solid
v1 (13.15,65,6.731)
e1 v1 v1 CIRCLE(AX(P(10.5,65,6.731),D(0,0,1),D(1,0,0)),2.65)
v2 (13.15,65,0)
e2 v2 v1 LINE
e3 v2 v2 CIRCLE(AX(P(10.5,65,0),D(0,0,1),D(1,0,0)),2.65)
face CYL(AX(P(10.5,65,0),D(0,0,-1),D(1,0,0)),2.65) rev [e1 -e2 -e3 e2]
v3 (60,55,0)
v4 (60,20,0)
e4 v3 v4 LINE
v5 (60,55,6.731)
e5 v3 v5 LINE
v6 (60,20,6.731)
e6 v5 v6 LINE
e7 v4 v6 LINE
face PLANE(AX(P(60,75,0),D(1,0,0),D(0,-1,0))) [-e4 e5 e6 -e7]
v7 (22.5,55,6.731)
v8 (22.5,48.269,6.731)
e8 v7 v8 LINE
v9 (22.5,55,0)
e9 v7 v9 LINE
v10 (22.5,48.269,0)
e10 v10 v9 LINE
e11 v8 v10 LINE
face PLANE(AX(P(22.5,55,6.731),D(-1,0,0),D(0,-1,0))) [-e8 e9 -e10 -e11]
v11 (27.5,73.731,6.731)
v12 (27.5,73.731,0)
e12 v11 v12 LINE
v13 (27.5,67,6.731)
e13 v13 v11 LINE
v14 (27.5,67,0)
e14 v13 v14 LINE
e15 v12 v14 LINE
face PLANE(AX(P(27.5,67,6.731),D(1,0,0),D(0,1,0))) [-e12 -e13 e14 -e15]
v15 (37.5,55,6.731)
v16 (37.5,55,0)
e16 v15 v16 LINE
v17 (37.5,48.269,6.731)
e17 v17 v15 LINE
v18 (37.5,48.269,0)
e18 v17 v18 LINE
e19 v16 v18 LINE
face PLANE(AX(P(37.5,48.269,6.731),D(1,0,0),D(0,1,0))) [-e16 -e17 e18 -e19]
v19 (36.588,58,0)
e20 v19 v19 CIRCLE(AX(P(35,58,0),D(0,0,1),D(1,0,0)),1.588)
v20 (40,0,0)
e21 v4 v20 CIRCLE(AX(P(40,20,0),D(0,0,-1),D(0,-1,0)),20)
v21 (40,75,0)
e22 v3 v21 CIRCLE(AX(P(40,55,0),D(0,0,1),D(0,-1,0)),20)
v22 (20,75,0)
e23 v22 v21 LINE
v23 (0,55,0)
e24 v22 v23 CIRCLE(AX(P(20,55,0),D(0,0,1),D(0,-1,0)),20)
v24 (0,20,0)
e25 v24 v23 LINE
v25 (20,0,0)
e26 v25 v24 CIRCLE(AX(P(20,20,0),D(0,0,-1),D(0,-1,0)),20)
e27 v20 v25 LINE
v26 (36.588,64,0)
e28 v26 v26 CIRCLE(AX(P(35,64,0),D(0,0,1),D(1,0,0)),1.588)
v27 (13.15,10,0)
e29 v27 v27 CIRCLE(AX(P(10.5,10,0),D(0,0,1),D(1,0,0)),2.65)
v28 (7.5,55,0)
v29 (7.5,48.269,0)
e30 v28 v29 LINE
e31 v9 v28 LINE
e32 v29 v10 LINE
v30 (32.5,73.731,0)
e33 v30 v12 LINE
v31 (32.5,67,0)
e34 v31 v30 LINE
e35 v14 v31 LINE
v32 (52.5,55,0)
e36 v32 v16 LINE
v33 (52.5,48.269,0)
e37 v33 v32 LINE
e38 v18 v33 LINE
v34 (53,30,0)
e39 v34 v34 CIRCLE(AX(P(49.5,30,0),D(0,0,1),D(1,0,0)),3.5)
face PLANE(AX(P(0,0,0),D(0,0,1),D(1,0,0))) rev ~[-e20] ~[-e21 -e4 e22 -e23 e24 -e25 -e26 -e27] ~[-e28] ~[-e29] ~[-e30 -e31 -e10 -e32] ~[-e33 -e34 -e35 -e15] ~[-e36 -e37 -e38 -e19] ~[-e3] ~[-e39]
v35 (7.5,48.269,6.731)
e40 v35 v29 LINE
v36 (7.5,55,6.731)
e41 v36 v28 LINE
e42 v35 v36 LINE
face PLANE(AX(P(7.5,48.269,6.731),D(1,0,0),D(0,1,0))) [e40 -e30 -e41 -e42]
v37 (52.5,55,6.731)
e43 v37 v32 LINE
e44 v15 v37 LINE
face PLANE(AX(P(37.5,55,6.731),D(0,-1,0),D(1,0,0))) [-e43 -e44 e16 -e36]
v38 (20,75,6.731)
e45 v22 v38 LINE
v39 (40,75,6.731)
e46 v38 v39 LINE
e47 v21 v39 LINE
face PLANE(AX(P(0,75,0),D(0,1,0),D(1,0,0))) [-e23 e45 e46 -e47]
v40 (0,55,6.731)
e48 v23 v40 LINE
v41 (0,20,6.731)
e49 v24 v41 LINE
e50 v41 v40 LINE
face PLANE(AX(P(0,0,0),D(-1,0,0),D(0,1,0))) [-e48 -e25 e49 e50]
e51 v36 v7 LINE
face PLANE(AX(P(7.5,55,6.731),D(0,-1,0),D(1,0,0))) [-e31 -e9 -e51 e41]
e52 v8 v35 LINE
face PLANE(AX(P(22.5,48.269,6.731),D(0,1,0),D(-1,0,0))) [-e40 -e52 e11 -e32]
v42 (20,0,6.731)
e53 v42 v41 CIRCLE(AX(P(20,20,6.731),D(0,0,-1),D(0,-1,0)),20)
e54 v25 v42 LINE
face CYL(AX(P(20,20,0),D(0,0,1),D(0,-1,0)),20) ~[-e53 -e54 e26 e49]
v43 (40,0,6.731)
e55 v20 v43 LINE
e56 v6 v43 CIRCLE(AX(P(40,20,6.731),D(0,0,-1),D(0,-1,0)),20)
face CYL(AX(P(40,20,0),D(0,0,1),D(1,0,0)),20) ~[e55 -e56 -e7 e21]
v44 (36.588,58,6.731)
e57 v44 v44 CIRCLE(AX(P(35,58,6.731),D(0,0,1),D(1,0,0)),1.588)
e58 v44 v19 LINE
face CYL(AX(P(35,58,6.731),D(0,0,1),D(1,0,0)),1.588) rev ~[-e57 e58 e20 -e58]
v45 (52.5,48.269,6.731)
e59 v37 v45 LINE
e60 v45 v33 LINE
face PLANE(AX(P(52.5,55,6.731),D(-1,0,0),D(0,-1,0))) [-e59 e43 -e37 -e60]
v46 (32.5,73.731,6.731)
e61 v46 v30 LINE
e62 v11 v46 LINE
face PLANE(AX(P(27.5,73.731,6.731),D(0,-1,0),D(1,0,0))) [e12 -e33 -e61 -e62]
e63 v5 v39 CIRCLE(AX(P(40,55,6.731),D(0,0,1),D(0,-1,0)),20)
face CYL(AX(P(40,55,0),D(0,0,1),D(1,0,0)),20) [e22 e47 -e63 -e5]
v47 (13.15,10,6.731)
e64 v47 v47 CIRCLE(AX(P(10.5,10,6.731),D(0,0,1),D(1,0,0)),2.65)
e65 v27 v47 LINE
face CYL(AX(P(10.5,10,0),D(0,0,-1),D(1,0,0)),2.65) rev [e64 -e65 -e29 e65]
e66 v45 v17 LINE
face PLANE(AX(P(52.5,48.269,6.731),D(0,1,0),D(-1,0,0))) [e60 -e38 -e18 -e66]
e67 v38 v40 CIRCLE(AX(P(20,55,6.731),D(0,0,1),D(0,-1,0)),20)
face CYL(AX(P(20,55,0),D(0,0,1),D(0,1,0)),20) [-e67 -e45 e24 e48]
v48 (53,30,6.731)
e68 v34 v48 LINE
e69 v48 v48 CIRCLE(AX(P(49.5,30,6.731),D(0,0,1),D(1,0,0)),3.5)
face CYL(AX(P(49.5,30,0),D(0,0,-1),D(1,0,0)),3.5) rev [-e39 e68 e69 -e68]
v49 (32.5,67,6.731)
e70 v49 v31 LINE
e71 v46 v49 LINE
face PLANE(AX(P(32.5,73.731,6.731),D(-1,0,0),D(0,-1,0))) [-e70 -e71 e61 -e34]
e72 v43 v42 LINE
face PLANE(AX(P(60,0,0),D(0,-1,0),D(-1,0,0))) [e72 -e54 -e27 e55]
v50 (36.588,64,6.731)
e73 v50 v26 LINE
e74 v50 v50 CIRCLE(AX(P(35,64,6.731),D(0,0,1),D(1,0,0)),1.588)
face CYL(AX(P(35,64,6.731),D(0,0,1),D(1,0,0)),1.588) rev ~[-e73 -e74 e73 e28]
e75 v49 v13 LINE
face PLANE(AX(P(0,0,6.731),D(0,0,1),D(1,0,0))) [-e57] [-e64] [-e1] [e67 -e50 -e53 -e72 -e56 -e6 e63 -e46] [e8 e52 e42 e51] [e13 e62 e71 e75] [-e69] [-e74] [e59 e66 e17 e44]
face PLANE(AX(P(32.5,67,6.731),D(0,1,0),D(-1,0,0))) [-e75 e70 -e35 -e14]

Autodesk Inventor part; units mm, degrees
ref_plane "YZ Plane" through (0, 0, 0) normal (1, 0, 0) x (0, 1, 0)
ref_plane "XZ Plane" through (0, 0, 0) normal (0, 1, 0) x (-1, 0, 0)
ref_plane "XY Plane" through (0, 0, 0) normal (0, 0, 1) x (1, 0, 0)
sketch "Sketch1" plane through (0, 0, 0) normal (0, 0, 1) x (1, 0, 0)
  circle A0 centre (10.5, 65) radius 2.65
  circle A1 centre (10.5, 10) radius 2.65
  circle A2 centre (49.5, 30) radius 3.5
  line L0 (60, 75) -> (60, 0)
  line L1 (60, 0) -> (0, 0)
  line L2 (0, 0) -> (0, 75)
  line L3 (0, 75) -> (60, 75)
  point P0 (30, 75)
  dimension "d0" = 39
  dimension "d1" = 5.3
  dimension "d2" = 55
  dimension "d3" = 10
  dimension "d5" = 10.5
  dimension "d16" = 10.5
  dimension "d19" = 20
  dimension "d22" = 7
  dimension "d55" = 75
  dimension "d64" = 60
extrude "Extrusion1" add sketch "Sketch1" along normal blind 6.731
sketch "Sketch3" plane through (0, 0, 6.731) normal (0, 0, 1) x (1, 0, 0)
  line L0 (60, 0) -> (60, 75) projected
  line L1 (60, 75) -> (0, 75) projected
  line L2 (0, 75) -> (0, 0) projected
  line L3 (7.5, 55) -> (22.5, 55)
  line L4 (22.5, 55) -> (22.5, 48.269)
  line L5 (22.5, 48.269) -> (7.5, 48.269)
  line L6 (7.5, 48.269) -> (7.5, 55)
  line L7 (37.5, 55) -> (52.5, 55)
  line L8 (52.5, 55) -> (52.5, 48.269)
  line L9 (52.5, 48.269) -> (37.5, 48.269)
  line L10 (37.5, 48.269) -> (37.5, 55)
  line L11 (27.5, 73.731) -> (32.5, 73.731)
  line L12 (32.5, 73.731) -> (32.5, 67)
  line L13 (32.5, 67) -> (27.5, 67)
  line L14 (27.5, 67) -> (27.5, 73.731)
  circle A0 centre (35, 64) radius 1.588
  circle A1 centre (35, 58) radius 1.588
  line L15 (37.5, 55) -> (30, 55) construction
  line L16 (30, 55) -> (22.5, 55) construction
  point P0 (30, 67)
  dimension "d70" = 15
  dimension "d71" = 6.731
  dimension "d73" = 15
  dimension "d74" = 7.5
  dimension "d75" = 7.5
  dimension "d78" = 20
  dimension "d81" = 12
  dimension "d84" = 3.176
  dimension "d91" = 3
  dimension "d92" = 6
  dimension "d93" = 3
  dimension "d94" = 5
  dimension "d95" = 5
extrude "Extrusion3" cut sketch "Sketch3" against normal up to next
fillet "Fillet2" radius 20 2 edges at (60, 0, 3.3655) (0, 0, 3.3655)
fillet "Fillet2" radius 20 2 edges at (0, 75, 3.3655) (60, 75, 3.3655)
equation "\"d16\" = d5"
equation "\"d20\" = THICKB"
equation "\"THICKA\" = 3.175"
equation "\"THICKB\" = 6.731"
equation "\"THICKC\" = 12.7"
equation "\"BALLDIA\" = 12"
equation "\"MAGDIA\" = 9.5"
equation "\"THICKPLY\" = 5"
properties part number "Carriage_Frame"
